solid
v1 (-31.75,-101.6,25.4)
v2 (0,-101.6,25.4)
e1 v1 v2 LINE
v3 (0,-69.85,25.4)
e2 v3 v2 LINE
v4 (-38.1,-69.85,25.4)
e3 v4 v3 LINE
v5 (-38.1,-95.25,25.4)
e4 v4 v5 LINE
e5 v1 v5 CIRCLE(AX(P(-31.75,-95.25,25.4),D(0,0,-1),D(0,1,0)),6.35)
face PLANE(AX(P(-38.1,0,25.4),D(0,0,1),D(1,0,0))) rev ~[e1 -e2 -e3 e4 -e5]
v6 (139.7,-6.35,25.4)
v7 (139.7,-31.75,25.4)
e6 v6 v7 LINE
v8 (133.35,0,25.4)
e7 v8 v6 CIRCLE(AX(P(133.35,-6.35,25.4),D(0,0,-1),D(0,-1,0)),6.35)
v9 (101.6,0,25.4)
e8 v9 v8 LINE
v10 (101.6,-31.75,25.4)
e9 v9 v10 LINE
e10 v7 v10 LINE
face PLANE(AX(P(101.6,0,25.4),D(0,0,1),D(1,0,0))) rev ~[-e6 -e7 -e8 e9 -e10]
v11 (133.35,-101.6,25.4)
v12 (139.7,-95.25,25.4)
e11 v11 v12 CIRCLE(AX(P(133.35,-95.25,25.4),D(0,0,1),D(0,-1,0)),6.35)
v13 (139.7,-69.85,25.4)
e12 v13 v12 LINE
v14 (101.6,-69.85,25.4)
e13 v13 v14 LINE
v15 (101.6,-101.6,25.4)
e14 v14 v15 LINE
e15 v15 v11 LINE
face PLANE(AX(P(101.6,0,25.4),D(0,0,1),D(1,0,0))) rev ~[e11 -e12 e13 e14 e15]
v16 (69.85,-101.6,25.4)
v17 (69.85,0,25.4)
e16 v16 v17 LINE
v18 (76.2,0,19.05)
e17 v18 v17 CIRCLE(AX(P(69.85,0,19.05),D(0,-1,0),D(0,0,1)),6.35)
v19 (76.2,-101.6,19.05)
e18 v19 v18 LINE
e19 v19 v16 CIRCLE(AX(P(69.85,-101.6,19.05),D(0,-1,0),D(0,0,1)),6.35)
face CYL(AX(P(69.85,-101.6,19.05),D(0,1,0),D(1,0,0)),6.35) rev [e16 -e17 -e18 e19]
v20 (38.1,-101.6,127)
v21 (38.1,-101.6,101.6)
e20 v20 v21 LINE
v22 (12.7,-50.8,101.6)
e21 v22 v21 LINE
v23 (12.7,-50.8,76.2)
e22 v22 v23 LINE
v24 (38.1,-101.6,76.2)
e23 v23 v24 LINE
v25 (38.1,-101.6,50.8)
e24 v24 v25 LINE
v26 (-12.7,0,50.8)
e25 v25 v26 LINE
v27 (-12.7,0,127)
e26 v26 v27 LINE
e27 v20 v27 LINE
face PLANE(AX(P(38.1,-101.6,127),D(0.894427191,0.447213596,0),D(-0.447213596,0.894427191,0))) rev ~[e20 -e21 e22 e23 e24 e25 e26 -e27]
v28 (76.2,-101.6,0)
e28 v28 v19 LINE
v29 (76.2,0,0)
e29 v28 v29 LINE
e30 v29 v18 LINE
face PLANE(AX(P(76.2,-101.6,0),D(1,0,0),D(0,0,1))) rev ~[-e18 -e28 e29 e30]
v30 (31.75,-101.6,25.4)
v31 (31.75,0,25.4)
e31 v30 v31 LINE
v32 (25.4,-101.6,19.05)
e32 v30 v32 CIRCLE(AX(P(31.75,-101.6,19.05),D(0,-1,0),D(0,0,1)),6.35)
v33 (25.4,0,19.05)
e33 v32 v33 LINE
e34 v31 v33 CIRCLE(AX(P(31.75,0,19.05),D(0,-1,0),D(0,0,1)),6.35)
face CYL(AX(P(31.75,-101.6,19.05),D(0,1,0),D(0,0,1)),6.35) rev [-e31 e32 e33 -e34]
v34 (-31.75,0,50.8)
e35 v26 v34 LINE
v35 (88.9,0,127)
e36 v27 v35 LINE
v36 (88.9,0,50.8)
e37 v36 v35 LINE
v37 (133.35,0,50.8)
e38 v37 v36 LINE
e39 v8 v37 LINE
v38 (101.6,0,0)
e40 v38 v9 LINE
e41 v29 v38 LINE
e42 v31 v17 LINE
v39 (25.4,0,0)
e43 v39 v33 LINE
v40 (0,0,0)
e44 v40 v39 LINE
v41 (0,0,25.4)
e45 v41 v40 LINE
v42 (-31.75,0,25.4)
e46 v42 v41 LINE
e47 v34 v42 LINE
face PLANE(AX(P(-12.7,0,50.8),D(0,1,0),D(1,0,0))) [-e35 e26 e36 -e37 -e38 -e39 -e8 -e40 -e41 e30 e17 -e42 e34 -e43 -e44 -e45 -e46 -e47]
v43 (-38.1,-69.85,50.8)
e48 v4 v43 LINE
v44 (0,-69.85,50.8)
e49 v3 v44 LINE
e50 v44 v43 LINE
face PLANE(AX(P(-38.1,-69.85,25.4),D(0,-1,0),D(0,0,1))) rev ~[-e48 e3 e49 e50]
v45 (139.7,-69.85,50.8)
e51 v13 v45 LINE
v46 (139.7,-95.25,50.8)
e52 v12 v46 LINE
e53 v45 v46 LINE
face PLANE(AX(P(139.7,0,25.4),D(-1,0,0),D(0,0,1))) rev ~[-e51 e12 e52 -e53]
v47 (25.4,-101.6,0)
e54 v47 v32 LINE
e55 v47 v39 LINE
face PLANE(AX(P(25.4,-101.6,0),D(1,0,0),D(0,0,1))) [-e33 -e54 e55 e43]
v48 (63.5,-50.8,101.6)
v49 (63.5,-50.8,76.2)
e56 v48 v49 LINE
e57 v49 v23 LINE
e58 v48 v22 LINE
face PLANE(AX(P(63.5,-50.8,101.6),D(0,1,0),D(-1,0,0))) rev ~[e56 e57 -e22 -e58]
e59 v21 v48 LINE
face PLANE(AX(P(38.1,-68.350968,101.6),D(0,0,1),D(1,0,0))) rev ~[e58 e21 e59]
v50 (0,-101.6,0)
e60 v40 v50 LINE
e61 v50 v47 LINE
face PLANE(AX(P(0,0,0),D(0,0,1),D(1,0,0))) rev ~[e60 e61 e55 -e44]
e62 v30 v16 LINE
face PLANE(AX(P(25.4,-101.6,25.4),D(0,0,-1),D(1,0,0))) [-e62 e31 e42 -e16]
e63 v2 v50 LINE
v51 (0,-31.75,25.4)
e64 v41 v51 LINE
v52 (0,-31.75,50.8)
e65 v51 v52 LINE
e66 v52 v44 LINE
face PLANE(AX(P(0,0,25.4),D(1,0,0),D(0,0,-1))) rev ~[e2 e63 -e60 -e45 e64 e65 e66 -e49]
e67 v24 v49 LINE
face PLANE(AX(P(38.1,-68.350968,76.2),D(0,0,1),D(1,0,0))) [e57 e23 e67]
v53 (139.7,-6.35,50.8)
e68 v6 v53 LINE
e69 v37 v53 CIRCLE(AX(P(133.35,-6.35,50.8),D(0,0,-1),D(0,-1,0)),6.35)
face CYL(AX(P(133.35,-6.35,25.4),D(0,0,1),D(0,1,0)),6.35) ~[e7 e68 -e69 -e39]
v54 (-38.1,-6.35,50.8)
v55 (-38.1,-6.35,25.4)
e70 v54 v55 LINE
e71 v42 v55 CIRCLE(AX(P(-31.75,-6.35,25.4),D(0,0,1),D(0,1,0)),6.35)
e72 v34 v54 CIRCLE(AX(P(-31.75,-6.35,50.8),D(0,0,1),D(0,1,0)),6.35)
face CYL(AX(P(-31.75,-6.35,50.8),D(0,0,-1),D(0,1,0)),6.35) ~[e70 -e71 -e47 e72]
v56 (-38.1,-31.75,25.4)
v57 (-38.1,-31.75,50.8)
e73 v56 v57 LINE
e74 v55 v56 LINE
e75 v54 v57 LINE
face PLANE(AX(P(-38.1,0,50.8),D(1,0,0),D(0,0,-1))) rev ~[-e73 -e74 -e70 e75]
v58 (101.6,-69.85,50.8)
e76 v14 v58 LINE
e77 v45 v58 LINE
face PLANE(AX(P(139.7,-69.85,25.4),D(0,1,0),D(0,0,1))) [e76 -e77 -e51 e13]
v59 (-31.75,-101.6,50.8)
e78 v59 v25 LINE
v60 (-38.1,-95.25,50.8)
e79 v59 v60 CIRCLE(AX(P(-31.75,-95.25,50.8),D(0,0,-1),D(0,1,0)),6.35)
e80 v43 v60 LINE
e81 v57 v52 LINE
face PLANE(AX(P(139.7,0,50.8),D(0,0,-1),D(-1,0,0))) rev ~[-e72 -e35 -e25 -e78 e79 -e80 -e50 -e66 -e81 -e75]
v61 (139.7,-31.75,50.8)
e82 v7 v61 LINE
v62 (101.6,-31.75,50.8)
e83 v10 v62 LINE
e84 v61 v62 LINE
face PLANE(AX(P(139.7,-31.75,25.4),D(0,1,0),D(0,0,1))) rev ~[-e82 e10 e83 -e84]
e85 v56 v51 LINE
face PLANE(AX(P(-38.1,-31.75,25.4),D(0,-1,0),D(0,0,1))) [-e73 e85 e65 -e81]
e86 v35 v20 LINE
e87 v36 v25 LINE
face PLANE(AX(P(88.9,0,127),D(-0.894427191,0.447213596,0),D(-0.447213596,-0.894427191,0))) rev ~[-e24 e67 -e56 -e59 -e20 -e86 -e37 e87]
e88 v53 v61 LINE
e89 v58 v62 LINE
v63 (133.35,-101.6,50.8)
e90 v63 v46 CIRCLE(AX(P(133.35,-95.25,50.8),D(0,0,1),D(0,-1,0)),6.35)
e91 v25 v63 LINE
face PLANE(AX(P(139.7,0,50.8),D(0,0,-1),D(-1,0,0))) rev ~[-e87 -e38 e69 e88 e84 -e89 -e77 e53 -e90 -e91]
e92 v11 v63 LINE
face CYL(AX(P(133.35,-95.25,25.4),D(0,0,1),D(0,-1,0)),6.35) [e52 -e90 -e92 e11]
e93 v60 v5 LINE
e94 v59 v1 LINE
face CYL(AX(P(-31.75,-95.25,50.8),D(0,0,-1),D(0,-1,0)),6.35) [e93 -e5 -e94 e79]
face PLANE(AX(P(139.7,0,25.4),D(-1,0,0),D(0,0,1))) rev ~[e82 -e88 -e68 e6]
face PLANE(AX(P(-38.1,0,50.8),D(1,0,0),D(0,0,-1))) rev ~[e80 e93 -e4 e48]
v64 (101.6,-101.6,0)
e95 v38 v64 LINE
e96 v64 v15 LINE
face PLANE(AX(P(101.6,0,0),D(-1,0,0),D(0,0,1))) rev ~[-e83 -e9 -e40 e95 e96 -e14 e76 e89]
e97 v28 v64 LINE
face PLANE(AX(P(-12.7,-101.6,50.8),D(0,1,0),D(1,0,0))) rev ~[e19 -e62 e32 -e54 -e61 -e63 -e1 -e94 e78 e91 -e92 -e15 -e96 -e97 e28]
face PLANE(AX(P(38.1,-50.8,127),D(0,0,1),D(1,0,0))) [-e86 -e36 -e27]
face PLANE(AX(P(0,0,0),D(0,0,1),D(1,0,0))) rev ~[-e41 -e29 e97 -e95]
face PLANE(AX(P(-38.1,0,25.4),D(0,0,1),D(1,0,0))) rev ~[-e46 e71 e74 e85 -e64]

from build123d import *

# Parameters (mm, degrees)
F1_DEPTH  = 101.6
F2_W      = 38.1
F2_H      = 25.4
F3_DEPTH  = 38.1
F4_W      = 38.1
F4_H      = 25.4
F5_DEPTH  = 38.1
F6_R      = 6.35
F7_W      = 50.8
F7_H      = 25.4
F8_DEPTH  = 101.601
F9_R      = 6.35
F10_W     = 101.6
F10_H     = 101.6
F11_DEPTH = 76.2
F13_DEPTH = 76.2
F15_START = -25.4
F15_DEPTH = 25.4


with BuildPart() as f1:
    # F0 (on Front) → F1 (new body)
    with BuildSketch(Plane.XZ):
        Polygon((0, 25.4), (0, 0), (101.6, 0), (101.6, 25.4), (139.7, 25.4), (139.7, 50.8), (-38.1, 50.8), (-38.1, 25.4), align=None)
    extrude(amount=F1_DEPTH)

    # F2 (on face) → F3 (cut)
    with BuildSketch(Plane.YZ.offset(139.7)):
        with Locations((-50.8, 38.1)):
            Rectangle(F2_W, F2_H)
    extrude(amount=-F3_DEPTH, mode=Mode.SUBTRACT)

    # F4 (on face) → F5 (cut)
    with BuildSketch(Plane(origin=(-38.1, 0, 0), x_dir=(0, -1, 0), z_dir=(-1, 0, 0))):
        with Locations((50.8, 38.1)):
            Rectangle(F4_W, F4_H)
    extrude(amount=-F5_DEPTH, mode=Mode.SUBTRACT)

    # F6
    f6_edges = [f1.edges().sort_by_distance(p)[0] for p in [
        (139.7, -101.6, 38.1),
        (139.7, 0, 38.1),
        (-38.1, -101.6, 38.1),
        (-38.1, 0, 38.1),
    ]]
    fillet(f6_edges, radius=F6_R)

    # F7 (on face) → F8 (cut, through all)
    with BuildSketch(Plane.XZ.offset(101.6)):
        with Locations((50.8, 12.7)):
            Rectangle(F7_W, F7_H)
    extrude(amount=-F8_DEPTH, mode=Mode.SUBTRACT)

    # F9
    f9_edges = [f1.edges().sort_by_distance(p)[0] for p in [
        (25.4, -50.8, 25.4),
        (76.2, -50.8, 25.4),
    ]]
    fillet(f9_edges, radius=F9_R)

    # F10 (on face) → F11 (join)
    with BuildSketch(Plane.XY.offset(50.8)):
        with Locations((38.1, -50.8)):
            Rectangle(F10_W, F10_H)
    extrude(amount=F11_DEPTH)

    # F12 (on face) → F13 (cut)
    with BuildSketch(Plane.XY.offset(127)):
        Polygon((88.9, 0), (38.1, -101.6), (88.9, -101.6), align=None)
        Polygon((38.1, -101.6), (-12.7, 0), (-12.7, -101.6), align=None)
    extrude(amount=-F13_DEPTH, mode=Mode.SUBTRACT)

    # F14 (on face) → F15 (cut)
    with BuildSketch(Plane.XY.offset(127).offset(F15_START)):
        Polygon((63.5, -50.8), (12.7, -50.8), (38.1, -101.6), align=None)
    extrude(amount=-F15_DEPTH, mode=Mode.SUBTRACT)


solid = f1.part
